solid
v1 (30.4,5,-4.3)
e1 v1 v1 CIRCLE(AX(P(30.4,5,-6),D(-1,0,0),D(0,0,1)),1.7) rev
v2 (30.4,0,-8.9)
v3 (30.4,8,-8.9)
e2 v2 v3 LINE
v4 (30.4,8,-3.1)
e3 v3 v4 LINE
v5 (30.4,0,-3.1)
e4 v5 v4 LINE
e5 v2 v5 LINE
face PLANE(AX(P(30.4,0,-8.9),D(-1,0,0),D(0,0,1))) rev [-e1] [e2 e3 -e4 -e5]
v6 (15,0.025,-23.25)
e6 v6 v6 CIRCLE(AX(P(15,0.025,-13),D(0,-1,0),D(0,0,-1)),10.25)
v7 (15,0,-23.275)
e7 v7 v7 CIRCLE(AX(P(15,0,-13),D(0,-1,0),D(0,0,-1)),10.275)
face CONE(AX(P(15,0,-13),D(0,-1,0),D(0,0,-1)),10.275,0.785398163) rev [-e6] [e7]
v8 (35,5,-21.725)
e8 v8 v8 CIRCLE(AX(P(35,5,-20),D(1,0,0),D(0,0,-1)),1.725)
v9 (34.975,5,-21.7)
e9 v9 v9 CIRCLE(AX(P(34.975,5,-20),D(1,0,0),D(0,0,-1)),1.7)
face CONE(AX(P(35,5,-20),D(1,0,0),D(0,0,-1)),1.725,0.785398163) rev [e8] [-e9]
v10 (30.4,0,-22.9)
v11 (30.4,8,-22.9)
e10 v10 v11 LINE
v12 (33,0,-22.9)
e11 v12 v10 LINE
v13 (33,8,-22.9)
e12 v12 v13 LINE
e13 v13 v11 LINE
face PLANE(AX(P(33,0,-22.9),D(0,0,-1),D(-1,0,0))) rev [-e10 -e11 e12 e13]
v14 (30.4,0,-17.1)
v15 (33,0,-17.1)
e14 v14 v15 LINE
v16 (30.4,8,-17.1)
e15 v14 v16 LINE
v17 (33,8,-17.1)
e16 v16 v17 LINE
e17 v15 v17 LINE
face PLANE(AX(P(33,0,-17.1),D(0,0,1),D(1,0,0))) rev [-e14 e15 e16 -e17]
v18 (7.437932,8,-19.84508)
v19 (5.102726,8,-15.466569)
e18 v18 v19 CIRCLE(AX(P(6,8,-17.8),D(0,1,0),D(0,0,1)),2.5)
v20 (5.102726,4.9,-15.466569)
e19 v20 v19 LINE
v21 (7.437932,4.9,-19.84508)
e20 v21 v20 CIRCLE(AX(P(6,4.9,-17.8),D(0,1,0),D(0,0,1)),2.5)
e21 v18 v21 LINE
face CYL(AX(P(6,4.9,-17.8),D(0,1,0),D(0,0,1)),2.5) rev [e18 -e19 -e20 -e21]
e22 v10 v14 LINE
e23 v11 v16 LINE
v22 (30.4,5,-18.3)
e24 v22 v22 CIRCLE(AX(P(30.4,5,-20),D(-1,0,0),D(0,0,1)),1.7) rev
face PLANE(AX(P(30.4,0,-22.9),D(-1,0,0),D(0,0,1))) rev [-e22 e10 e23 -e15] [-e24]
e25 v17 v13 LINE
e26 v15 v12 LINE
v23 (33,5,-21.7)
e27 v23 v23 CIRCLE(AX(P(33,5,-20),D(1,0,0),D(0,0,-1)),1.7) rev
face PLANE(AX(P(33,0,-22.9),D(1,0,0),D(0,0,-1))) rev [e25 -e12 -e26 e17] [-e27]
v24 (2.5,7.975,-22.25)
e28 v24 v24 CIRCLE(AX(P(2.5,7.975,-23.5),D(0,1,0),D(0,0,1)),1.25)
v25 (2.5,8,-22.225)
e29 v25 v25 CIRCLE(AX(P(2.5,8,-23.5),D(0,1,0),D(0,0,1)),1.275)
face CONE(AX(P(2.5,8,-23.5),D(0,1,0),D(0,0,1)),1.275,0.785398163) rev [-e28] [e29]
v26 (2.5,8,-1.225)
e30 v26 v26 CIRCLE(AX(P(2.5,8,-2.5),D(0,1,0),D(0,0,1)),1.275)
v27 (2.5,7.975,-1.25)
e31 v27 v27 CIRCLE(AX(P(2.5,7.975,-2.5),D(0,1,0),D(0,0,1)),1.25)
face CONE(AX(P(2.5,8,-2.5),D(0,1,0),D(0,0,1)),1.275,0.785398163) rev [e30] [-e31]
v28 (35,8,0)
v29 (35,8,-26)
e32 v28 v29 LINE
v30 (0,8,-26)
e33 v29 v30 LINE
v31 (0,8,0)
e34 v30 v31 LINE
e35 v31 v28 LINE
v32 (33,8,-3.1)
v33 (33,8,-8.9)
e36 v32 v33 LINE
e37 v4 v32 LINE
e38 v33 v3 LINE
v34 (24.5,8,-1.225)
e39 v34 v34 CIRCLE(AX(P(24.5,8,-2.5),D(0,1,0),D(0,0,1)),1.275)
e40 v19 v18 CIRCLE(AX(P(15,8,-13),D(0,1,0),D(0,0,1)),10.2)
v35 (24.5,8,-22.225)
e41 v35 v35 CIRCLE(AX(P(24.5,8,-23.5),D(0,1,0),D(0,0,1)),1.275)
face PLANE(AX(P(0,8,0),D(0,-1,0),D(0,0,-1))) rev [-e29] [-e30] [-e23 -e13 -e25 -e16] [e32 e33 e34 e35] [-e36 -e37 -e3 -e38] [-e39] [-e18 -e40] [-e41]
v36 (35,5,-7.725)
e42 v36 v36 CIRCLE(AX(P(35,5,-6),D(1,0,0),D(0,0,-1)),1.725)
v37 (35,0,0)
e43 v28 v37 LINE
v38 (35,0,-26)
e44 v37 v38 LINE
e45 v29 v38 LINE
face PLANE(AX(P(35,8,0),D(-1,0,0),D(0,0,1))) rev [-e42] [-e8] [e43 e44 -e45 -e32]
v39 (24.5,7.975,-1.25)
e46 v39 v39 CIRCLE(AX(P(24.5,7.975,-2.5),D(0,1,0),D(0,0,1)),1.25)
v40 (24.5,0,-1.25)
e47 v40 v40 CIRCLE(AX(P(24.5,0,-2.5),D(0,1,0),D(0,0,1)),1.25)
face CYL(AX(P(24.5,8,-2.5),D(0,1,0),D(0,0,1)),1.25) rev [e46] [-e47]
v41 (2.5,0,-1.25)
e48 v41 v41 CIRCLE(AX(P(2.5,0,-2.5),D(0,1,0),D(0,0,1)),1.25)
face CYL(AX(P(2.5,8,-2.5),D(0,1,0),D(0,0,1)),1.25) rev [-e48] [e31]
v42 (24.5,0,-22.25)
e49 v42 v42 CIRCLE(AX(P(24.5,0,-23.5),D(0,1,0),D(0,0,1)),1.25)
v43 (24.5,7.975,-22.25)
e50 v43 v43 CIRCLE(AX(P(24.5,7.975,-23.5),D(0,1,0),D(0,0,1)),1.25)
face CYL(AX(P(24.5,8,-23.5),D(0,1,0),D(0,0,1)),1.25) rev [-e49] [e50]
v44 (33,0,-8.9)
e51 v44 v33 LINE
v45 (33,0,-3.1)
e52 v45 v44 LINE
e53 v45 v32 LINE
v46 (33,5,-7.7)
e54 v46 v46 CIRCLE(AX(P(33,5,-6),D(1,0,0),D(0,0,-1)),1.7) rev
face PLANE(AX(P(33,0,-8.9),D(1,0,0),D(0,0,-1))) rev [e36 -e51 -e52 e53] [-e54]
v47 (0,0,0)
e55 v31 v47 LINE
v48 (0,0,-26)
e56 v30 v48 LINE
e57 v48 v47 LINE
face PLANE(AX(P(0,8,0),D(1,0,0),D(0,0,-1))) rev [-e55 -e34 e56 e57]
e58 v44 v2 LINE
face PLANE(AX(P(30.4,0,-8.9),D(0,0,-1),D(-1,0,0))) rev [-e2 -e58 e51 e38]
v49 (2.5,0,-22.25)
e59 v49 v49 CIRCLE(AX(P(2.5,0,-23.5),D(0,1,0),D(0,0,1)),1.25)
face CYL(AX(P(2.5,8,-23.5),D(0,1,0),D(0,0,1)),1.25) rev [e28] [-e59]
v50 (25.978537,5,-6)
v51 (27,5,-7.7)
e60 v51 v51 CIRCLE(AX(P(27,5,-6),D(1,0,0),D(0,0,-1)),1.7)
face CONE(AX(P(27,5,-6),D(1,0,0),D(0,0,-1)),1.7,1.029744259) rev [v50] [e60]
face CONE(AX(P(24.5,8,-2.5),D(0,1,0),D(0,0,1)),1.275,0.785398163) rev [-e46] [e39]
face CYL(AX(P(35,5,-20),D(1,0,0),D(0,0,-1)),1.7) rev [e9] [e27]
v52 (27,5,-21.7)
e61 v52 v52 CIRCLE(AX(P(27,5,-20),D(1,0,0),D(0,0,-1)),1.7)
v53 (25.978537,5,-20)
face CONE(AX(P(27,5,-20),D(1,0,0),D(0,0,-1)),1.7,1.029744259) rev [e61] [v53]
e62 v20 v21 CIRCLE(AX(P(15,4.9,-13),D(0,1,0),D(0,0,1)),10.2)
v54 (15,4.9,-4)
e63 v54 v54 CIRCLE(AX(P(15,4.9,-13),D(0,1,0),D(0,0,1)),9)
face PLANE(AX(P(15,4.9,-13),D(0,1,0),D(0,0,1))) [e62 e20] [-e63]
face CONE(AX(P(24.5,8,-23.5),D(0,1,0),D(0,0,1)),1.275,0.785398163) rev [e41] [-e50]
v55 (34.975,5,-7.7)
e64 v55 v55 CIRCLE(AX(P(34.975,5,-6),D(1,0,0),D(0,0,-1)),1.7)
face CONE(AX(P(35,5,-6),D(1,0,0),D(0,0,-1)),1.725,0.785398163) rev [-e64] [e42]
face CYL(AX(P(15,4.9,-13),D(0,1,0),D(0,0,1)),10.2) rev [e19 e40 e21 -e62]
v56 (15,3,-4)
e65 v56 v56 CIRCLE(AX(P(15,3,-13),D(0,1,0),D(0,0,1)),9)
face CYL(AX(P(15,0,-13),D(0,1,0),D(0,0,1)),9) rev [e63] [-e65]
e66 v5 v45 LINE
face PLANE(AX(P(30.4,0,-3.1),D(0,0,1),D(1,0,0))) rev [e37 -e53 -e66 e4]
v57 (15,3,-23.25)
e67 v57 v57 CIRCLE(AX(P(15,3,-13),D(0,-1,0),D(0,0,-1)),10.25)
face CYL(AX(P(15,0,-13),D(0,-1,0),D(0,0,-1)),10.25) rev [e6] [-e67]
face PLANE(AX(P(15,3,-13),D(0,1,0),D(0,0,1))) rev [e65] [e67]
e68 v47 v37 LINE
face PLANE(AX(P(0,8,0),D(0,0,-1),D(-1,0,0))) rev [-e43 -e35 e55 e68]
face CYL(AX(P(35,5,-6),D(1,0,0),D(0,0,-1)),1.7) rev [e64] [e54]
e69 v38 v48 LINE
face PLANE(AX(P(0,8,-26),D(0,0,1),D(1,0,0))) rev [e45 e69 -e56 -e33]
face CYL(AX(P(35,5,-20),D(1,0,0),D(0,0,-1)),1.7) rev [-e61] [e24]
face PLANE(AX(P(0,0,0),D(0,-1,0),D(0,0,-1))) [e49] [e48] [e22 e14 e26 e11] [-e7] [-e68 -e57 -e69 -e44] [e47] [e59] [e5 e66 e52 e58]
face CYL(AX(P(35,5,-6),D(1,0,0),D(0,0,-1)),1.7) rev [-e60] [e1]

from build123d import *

# Parameters (mm, degrees)
SKETCH1_W                             = 35
SKETCH1_H                             = 26
BOSS_EXTRUDE1_DEPTH                   = 8
M3_CLEARANCE_HOLE1_D                  = 3.4
M3_CLEARANCE_HOLE1_DEPTH              = 8
M3_CLEARANCE_HOLE1_CSINK_D            = 3.45
M3_CLEARANCE_HOLE1_CSINK_ANGLE        = 90
M3_CLEARANCE_HOLE1_TIP                = 1.021463052
SKETCH6_R                             = 10.2
CUT_EXTRUDE1_DEPTH                    = 3.1
SKETCH7_R                             = 9
CUT_EXTRUDE2_DEPTH                    = 44.874935897
SKETCH8_R                             = 2.5
CUT_EXTRUDE3_DEPTH                    = 3.1
TAP_DRILL_FOR_M3X0_5_TAP1_D           = 2.5
TAP_DRILL_FOR_M3X0_5_TAP1_CSINK_D     = 2.55
TAP_DRILL_FOR_M3X0_5_TAP1_CSINK_ANGLE = 90
SKETCH11_W                            = 2.6
SKETCH11_H                            = 5.8
CUT_EXTRUDE4_DEPTH                    = 45.328320519


with BuildPart() as part:
    # Sketch1 → Boss-Extrude1 (new body)
    with BuildSketch(Plane(origin=(0, 0, 0), x_dir=(1, 0, 0), z_dir=(0, 1, 0))):
        with Locations((17.5, 13)):
            Rectangle(SKETCH1_W, SKETCH1_H)
    extrude(amount=BOSS_EXTRUDE1_DEPTH)

    # M3 Clearance Hole1
    with Locations(Plane(origin=(35, 0, 0), x_dir=(0, 0, -1), z_dir=(1, 0, 0))):
        with Locations((6, 5), (20, 5)):
            CounterSinkHole(M3_CLEARANCE_HOLE1_D / 2, M3_CLEARANCE_HOLE1_CSINK_D / 2, depth=M3_CLEARANCE_HOLE1_DEPTH, counter_sink_angle=M3_CLEARANCE_HOLE1_CSINK_ANGLE)
            with Locations((0, 0, -(M3_CLEARANCE_HOLE1_DEPTH + M3_CLEARANCE_HOLE1_TIP / 2))):  # 118° drill point
                Cone(0, M3_CLEARANCE_HOLE1_D / 2, M3_CLEARANCE_HOLE1_TIP, mode=Mode.SUBTRACT)

    # Sketch5 → Tap Drill for M22x1.5 Tap1 (revolve, cut)
    with BuildSketch(Plane(origin=(15, 0, -13), x_dir=(0, 0, -1), z_dir=(1, 0, 0))):
        Polygon((0, 0), (0, 3), (10.25, 3), (10.25, 0.025), (10.275, 0), align=None)
    revolve(axis=Axis((15, -6.35, -13), (0, 1, 0)), mode=Mode.SUBTRACT)

    # Sketch6 → Cut-Extrude1 (cut)
    with BuildSketch(Plane(origin=(0, 8, 0), x_dir=(1, 0, 0), z_dir=(0, 1, 0))):
        with Locations(Location((15, 13, 0), (0, 0, 270))):
            Circle(SKETCH6_R)
    extrude(amount=-CUT_EXTRUDE1_DEPTH, mode=Mode.SUBTRACT)

    # Sketch7 → Cut-Extrude2 (cut, through all)
    with BuildSketch(Plane(origin=(0, 4.9, 0), x_dir=(1, 0, 0), z_dir=(0, 1, 0))):
        with Locations(Location((15, 13, 0), (0, 0, 270))):
            Circle(SKETCH7_R)
    extrude(amount=-CUT_EXTRUDE2_DEPTH, mode=Mode.SUBTRACT)

    # Sketch8 → Cut-Extrude3 (cut)
    with BuildSketch(Plane(origin=(0, 8, 0), x_dir=(1, 0, 0), z_dir=(0, 1, 0))):
        with Locations((6, 17.8)):
            Circle(SKETCH8_R)
    extrude(amount=-CUT_EXTRUDE3_DEPTH, mode=Mode.SUBTRACT)

    # Tap Drill for M3x0.5 Tap1 (through all)
    with Locations(Plane(origin=(0, 8, 0), x_dir=(1, 0, 0), z_dir=(0, 1, 0))):
        with Locations((2.5, 23.5), (24.5, 23.5), (24.5, 2.5), (2.5, 2.5)):
            CounterSinkHole(TAP_DRILL_FOR_M3X0_5_TAP1_D / 2, TAP_DRILL_FOR_M3X0_5_TAP1_CSINK_D / 2, counter_sink_angle=TAP_DRILL_FOR_M3X0_5_TAP1_CSINK_ANGLE)

    # Sketch11 → Cut-Extrude4 (cut, through all)
    with BuildSketch(Plane(origin=(0, 8, 0), x_dir=(1, 0, 0), z_dir=(0, 1, 0))):
        with Locations((31.7, 6)):
            Rectangle(SKETCH11_W, SKETCH11_H)
        with Locations((31.7, 20)):
            Rectangle(SKETCH11_W, SKETCH11_H)
    extrude(amount=-CUT_EXTRUDE4_DEPTH, mode=Mode.SUBTRACT)


solid = part.part
